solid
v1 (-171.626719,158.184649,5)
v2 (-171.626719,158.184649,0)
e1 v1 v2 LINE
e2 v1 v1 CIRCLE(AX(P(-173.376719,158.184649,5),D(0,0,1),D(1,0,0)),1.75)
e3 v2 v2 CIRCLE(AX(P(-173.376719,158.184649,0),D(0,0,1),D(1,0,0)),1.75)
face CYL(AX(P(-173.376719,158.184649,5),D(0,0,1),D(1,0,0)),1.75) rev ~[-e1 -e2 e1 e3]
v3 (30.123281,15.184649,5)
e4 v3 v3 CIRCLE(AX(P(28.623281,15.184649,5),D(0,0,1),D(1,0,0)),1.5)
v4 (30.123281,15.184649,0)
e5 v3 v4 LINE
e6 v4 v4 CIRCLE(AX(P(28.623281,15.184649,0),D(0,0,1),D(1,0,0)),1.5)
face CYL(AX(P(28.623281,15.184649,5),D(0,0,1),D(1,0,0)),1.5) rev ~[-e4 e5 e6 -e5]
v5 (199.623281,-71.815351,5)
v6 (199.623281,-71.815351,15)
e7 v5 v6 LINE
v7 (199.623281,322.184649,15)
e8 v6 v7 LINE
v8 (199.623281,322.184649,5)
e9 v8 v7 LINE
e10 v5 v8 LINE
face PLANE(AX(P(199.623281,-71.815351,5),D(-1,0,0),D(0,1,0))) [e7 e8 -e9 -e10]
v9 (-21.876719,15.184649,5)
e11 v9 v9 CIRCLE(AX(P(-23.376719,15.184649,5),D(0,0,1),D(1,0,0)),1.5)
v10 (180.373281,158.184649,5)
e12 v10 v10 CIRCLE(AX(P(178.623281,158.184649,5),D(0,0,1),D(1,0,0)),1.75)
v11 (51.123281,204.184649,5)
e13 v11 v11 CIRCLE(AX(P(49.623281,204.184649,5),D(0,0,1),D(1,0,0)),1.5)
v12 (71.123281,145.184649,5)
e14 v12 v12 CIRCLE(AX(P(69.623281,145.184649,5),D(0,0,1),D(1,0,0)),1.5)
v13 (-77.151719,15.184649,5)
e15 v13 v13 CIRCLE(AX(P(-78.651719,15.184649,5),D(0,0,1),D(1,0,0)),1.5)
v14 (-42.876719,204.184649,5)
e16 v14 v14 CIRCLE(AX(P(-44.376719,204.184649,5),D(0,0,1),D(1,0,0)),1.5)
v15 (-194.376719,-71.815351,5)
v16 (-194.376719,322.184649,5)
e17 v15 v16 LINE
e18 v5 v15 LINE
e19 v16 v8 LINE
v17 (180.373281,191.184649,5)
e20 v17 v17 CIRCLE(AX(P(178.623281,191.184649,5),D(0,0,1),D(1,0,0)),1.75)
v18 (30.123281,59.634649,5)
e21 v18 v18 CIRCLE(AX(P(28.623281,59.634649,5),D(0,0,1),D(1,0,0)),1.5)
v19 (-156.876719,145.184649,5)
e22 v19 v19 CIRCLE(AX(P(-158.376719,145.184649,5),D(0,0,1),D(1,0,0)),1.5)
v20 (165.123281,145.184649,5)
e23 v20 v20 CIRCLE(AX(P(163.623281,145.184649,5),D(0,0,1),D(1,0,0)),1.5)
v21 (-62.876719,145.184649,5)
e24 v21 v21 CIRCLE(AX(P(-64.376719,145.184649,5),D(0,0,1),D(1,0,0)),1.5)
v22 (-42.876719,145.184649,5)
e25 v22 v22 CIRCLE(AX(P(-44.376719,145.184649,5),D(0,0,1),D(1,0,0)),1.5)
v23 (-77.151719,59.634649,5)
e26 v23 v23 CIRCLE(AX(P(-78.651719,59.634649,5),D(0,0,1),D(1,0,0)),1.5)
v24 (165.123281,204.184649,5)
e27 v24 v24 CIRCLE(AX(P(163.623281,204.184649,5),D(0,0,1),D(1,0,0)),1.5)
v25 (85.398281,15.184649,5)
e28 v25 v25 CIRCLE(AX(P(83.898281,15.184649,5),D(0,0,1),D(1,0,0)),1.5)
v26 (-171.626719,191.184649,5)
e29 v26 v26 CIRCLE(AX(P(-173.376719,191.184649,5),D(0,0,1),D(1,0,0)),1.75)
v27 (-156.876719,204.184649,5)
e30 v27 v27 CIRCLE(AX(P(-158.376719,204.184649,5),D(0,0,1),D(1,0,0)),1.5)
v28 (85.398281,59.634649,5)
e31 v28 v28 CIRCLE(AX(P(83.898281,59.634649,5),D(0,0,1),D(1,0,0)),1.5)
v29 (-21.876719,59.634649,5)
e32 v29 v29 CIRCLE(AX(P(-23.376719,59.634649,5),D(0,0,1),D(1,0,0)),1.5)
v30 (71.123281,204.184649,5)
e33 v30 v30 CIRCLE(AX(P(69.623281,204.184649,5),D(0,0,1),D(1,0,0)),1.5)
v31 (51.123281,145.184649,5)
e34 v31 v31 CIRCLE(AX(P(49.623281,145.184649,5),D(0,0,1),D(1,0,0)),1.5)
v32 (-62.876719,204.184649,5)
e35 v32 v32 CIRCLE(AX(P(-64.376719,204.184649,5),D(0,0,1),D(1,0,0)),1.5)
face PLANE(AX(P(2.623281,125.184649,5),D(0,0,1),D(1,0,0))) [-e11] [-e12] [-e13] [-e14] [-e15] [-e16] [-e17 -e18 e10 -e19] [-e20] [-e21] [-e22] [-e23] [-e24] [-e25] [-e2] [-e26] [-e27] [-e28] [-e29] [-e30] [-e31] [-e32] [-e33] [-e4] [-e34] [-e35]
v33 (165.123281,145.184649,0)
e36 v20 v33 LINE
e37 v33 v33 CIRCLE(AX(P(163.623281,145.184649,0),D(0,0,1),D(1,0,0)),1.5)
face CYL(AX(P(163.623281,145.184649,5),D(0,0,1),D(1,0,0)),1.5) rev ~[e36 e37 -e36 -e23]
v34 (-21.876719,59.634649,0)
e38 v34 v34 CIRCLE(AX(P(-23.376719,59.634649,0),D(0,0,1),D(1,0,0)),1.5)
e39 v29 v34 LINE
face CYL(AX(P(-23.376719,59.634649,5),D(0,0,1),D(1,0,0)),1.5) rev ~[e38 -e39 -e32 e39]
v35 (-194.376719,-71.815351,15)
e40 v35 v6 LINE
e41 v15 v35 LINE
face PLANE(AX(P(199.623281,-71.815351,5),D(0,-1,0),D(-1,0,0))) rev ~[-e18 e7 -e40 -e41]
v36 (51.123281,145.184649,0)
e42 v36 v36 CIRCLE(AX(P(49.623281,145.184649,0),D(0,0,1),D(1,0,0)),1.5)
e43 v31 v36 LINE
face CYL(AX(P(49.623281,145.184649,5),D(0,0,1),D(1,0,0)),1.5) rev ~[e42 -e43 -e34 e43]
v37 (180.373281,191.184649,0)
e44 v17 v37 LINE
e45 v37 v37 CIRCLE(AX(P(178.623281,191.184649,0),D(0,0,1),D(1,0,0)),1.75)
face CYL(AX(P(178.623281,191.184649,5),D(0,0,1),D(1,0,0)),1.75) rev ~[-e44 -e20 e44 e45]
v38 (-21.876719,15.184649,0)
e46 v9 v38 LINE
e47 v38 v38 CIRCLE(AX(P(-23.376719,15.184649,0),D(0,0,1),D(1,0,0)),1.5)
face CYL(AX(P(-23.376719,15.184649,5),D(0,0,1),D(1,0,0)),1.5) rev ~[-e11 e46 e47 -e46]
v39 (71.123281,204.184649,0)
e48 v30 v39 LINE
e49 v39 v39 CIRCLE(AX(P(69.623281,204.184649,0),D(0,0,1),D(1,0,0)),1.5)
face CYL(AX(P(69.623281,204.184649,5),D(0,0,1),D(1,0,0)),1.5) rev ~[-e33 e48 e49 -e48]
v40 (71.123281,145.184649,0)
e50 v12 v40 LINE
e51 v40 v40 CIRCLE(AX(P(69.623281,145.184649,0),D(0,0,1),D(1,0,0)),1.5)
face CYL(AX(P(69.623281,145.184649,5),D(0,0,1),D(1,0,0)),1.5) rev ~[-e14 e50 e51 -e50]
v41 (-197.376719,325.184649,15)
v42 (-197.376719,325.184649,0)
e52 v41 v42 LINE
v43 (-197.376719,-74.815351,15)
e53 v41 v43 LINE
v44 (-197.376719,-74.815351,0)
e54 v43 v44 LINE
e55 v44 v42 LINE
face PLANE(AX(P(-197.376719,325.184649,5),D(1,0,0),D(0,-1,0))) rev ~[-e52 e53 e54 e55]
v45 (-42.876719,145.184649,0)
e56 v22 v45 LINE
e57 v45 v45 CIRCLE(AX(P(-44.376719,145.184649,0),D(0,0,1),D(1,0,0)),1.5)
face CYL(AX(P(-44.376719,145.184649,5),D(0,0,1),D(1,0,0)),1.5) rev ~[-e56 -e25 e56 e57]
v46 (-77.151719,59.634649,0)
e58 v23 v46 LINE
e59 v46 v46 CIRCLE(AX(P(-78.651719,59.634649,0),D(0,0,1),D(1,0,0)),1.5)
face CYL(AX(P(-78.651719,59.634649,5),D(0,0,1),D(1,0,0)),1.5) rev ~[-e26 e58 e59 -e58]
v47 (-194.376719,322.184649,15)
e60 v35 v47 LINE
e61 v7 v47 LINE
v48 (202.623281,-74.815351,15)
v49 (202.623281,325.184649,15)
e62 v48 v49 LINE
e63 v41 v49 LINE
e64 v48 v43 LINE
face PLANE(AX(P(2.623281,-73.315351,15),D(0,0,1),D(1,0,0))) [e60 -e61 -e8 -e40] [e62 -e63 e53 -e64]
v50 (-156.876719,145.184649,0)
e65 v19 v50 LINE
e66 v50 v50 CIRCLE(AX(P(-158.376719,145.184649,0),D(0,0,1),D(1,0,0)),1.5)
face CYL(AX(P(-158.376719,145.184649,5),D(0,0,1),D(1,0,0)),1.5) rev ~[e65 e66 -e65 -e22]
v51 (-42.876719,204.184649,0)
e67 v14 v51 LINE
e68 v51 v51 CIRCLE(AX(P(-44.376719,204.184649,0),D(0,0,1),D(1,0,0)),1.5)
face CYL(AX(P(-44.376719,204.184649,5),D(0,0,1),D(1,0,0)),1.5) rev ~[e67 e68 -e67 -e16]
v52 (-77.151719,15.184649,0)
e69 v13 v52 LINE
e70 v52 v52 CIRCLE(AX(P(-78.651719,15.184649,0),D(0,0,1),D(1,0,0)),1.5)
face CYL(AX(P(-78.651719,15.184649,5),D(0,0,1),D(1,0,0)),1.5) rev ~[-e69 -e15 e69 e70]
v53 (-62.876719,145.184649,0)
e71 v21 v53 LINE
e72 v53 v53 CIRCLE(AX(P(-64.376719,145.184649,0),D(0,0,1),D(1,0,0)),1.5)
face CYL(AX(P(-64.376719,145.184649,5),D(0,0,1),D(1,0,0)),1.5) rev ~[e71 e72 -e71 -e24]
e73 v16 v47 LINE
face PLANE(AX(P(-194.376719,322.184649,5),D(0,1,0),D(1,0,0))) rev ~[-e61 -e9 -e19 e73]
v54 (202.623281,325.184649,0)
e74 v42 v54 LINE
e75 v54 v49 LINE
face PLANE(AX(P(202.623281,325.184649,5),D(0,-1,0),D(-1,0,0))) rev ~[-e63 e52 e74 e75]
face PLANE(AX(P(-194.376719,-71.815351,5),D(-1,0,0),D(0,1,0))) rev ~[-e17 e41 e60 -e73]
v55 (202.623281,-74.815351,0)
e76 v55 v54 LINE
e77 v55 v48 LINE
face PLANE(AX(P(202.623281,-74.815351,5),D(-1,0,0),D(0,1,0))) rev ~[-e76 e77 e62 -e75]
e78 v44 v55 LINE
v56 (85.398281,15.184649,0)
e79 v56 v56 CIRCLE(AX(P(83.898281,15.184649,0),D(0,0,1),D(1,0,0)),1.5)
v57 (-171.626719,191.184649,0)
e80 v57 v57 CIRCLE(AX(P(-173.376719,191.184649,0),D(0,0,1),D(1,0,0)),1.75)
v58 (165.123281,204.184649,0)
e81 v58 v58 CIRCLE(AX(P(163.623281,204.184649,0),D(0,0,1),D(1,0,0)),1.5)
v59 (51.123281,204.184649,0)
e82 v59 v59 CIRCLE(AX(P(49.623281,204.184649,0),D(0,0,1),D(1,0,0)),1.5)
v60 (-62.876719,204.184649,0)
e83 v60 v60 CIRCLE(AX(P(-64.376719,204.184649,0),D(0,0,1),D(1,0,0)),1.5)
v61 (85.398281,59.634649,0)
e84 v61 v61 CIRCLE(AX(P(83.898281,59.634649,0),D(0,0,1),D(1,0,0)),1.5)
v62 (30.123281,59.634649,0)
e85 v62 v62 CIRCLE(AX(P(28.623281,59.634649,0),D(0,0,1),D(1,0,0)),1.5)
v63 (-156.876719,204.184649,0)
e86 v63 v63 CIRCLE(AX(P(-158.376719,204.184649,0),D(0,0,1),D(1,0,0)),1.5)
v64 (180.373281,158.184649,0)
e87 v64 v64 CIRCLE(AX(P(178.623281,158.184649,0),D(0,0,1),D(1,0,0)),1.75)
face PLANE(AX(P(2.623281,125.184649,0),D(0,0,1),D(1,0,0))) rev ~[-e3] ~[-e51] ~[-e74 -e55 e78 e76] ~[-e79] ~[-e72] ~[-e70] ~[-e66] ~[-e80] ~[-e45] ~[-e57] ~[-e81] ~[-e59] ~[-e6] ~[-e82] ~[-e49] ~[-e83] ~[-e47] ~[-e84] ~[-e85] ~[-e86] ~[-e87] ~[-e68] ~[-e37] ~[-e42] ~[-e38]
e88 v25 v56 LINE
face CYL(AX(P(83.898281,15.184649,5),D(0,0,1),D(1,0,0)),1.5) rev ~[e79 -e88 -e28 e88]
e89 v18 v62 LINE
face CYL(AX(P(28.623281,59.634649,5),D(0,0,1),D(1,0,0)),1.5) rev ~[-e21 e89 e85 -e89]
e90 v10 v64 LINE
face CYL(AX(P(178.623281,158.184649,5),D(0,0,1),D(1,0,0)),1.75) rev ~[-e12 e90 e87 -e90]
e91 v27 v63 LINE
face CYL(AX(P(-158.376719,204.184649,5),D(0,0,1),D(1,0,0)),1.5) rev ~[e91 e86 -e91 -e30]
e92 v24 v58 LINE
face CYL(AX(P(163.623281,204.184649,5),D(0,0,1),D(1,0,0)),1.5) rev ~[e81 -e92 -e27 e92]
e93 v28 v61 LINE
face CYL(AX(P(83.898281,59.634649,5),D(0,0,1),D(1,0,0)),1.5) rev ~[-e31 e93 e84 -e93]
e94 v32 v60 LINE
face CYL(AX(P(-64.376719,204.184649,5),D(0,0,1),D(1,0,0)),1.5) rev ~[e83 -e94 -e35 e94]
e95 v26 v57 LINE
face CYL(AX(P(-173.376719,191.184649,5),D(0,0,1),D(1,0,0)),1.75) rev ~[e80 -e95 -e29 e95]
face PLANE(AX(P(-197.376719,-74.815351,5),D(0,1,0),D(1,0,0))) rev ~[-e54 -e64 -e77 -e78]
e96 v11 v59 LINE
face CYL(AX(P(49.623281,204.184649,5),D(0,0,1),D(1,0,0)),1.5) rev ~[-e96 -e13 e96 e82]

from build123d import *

# Parameters (mm, degrees)
F0_W      = 400
F0_H      = 400
F1_DEPTH  = 5
F2_R      = 1.5
F2_R_2    = 1.75
F3_DEPTH  = 5.001
F4_R      = 1.5
F5_DEPTH  = 5.001
F6_R      = 1.5
F7_DEPTH  = 5.001
F9_W      = 3
F9_H      = 394
F10_DEPTH = 10
F11_W     = 30
F11_H     = 15
F12_DEPTH = 3
F13_W     = 30
F13_H     = 15
F14_DEPTH = 3


with BuildPart() as f1:
    # F0 (on Top) → F1 (new body)
    with BuildSketch(Plane.XY):
        with Locations((2.6232805103, 125.1846492136)):
            Rectangle(F0_W, F0_H)
    extrude(amount=F1_DEPTH)

    # F2 (on face) → F3 (cut, through all)
    with BuildSketch(Plane.XY.offset(5)):
        with Locations((-158.3767194897, 145.1846492136)):
            Circle(F2_R)
        with Locations((-64.3767194897, 145.1846492136)):
            Circle(F2_R)
        with Locations((-44.3767194897, 145.1846492136)):
            Circle(F2_R)
        with Locations((49.6232805103, 145.1846492136)):
            Circle(F2_R)
        with Locations((69.6232805103, 145.1846492136)):
            Circle(F2_R)
        with Locations((163.6232805103, 145.1846492136)):
            Circle(F2_R)
        with Locations((-44.3767194897, 204.1846492136)):
            Circle(F2_R)
        with Locations((-158.3767194897, 204.1846492136)):
            Circle(F2_R)
        with Locations((49.6232805103, 204.1846492136)):
            Circle(F2_R)
        with Locations((69.6232805103, 204.1846492136)):
            Circle(F2_R)
        with Locations((163.6232805103, 204.1846492136)):
            Circle(F2_R)
        with Locations((-64.3767194897, 204.1846492136)):
            Circle(F2_R)
        with Locations((-173.3767194897, 158.1846492136)):
            Circle(F2_R_2)
        with Locations((-173.3767194897, 191.1846492136)):
            Circle(F2_R_2)
        with Locations((178.6232805103, 158.1846492136)):
            Circle(F2_R_2)
        with Locations((178.6232805103, 191.1846492136)):
            Circle(F2_R_2)
    extrude(amount=-F3_DEPTH, mode=Mode.SUBTRACT)

    # F4 (on face) → F5 (cut, through all)
    with BuildSketch(Plane.XY.offset(5)):
        with Locations((-23.3767194897, 15.1846492136)):
            Circle(F4_R)
        with Locations((-23.3767194897, 59.6346492136)):
            Circle(F4_R)
        with Locations((28.6232805103, 15.1846492136)):
            Circle(F4_R)
        with Locations((28.6232805103, 59.6346492136)):
            Circle(F4_R)
    extrude(amount=-F5_DEPTH, mode=Mode.SUBTRACT)

    # F6 (on face) → F7 (cut, through all)
    with BuildSketch(Plane.XY.offset(5)):
        with Locations((-78.6517194897, 15.1846492136)):
            Circle(F6_R)
        with Locations((-78.6517194897, 59.6346492136)):
            Circle(F6_R)
        with Locations((83.8982805103, 15.1846492136)):
            Circle(F6_R)
        with Locations((83.8982805103, 59.6346492136)):
            Circle(F6_R)
    extrude(amount=-F7_DEPTH, mode=Mode.SUBTRACT)

    # F9 (on face) → F10 (join)
    with BuildSketch(Plane.XY.offset(5)):
        Polygon((-197.3767194897, -71.8153507864), (-197.3767194897, -74.8153507864), (202.6232805103, -74.8153507864), (202.6232805103, -71.8153507864), (199.6232805103, -71.8153507864), (-194.3767194897, -71.8153507864), align=None)
        Polygon((-197.3767194897, 325.1846492136), (-197.3767194897, -71.8153507864), (-194.3767194897, -71.8153507864), (-194.3767194897, 322.1846492136), (-194.3767194897, 325.1846492136), align=None)
        with Locations((201.1232805103, 125.1846492136)):
            Rectangle(F9_W, F9_H)
        Polygon((199.6232805103, 322.1846492136), (202.6232805103, 322.1846492136), (202.6232805103, 325.1846492136), (-194.3767194897, 325.1846492136), (-194.3767194897, 322.1846492136), align=None)
    extrude(amount=F10_DEPTH)

    # F11 (on face) → F12 (cut, through all)
    with BuildSketch(Plane.XZ.offset(74.8153507864)):
        with Locations((0, 22.5)):
            Rectangle(F11_W, F11_H)
    extrude(amount=-F12_DEPTH, mode=Mode.SUBTRACT)

    # F13 (on face) → F14 (cut, through all)
    with BuildSketch(Plane(origin=(0, 325.1846492136, 0), x_dir=(-1, 0, 0), z_dir=(0, 1, 0))):
        with Locations((0, 22.5)):
            Rectangle(F13_W, F13_H)
    extrude(amount=-F14_DEPTH, mode=Mode.SUBTRACT)


solid = f1.part
